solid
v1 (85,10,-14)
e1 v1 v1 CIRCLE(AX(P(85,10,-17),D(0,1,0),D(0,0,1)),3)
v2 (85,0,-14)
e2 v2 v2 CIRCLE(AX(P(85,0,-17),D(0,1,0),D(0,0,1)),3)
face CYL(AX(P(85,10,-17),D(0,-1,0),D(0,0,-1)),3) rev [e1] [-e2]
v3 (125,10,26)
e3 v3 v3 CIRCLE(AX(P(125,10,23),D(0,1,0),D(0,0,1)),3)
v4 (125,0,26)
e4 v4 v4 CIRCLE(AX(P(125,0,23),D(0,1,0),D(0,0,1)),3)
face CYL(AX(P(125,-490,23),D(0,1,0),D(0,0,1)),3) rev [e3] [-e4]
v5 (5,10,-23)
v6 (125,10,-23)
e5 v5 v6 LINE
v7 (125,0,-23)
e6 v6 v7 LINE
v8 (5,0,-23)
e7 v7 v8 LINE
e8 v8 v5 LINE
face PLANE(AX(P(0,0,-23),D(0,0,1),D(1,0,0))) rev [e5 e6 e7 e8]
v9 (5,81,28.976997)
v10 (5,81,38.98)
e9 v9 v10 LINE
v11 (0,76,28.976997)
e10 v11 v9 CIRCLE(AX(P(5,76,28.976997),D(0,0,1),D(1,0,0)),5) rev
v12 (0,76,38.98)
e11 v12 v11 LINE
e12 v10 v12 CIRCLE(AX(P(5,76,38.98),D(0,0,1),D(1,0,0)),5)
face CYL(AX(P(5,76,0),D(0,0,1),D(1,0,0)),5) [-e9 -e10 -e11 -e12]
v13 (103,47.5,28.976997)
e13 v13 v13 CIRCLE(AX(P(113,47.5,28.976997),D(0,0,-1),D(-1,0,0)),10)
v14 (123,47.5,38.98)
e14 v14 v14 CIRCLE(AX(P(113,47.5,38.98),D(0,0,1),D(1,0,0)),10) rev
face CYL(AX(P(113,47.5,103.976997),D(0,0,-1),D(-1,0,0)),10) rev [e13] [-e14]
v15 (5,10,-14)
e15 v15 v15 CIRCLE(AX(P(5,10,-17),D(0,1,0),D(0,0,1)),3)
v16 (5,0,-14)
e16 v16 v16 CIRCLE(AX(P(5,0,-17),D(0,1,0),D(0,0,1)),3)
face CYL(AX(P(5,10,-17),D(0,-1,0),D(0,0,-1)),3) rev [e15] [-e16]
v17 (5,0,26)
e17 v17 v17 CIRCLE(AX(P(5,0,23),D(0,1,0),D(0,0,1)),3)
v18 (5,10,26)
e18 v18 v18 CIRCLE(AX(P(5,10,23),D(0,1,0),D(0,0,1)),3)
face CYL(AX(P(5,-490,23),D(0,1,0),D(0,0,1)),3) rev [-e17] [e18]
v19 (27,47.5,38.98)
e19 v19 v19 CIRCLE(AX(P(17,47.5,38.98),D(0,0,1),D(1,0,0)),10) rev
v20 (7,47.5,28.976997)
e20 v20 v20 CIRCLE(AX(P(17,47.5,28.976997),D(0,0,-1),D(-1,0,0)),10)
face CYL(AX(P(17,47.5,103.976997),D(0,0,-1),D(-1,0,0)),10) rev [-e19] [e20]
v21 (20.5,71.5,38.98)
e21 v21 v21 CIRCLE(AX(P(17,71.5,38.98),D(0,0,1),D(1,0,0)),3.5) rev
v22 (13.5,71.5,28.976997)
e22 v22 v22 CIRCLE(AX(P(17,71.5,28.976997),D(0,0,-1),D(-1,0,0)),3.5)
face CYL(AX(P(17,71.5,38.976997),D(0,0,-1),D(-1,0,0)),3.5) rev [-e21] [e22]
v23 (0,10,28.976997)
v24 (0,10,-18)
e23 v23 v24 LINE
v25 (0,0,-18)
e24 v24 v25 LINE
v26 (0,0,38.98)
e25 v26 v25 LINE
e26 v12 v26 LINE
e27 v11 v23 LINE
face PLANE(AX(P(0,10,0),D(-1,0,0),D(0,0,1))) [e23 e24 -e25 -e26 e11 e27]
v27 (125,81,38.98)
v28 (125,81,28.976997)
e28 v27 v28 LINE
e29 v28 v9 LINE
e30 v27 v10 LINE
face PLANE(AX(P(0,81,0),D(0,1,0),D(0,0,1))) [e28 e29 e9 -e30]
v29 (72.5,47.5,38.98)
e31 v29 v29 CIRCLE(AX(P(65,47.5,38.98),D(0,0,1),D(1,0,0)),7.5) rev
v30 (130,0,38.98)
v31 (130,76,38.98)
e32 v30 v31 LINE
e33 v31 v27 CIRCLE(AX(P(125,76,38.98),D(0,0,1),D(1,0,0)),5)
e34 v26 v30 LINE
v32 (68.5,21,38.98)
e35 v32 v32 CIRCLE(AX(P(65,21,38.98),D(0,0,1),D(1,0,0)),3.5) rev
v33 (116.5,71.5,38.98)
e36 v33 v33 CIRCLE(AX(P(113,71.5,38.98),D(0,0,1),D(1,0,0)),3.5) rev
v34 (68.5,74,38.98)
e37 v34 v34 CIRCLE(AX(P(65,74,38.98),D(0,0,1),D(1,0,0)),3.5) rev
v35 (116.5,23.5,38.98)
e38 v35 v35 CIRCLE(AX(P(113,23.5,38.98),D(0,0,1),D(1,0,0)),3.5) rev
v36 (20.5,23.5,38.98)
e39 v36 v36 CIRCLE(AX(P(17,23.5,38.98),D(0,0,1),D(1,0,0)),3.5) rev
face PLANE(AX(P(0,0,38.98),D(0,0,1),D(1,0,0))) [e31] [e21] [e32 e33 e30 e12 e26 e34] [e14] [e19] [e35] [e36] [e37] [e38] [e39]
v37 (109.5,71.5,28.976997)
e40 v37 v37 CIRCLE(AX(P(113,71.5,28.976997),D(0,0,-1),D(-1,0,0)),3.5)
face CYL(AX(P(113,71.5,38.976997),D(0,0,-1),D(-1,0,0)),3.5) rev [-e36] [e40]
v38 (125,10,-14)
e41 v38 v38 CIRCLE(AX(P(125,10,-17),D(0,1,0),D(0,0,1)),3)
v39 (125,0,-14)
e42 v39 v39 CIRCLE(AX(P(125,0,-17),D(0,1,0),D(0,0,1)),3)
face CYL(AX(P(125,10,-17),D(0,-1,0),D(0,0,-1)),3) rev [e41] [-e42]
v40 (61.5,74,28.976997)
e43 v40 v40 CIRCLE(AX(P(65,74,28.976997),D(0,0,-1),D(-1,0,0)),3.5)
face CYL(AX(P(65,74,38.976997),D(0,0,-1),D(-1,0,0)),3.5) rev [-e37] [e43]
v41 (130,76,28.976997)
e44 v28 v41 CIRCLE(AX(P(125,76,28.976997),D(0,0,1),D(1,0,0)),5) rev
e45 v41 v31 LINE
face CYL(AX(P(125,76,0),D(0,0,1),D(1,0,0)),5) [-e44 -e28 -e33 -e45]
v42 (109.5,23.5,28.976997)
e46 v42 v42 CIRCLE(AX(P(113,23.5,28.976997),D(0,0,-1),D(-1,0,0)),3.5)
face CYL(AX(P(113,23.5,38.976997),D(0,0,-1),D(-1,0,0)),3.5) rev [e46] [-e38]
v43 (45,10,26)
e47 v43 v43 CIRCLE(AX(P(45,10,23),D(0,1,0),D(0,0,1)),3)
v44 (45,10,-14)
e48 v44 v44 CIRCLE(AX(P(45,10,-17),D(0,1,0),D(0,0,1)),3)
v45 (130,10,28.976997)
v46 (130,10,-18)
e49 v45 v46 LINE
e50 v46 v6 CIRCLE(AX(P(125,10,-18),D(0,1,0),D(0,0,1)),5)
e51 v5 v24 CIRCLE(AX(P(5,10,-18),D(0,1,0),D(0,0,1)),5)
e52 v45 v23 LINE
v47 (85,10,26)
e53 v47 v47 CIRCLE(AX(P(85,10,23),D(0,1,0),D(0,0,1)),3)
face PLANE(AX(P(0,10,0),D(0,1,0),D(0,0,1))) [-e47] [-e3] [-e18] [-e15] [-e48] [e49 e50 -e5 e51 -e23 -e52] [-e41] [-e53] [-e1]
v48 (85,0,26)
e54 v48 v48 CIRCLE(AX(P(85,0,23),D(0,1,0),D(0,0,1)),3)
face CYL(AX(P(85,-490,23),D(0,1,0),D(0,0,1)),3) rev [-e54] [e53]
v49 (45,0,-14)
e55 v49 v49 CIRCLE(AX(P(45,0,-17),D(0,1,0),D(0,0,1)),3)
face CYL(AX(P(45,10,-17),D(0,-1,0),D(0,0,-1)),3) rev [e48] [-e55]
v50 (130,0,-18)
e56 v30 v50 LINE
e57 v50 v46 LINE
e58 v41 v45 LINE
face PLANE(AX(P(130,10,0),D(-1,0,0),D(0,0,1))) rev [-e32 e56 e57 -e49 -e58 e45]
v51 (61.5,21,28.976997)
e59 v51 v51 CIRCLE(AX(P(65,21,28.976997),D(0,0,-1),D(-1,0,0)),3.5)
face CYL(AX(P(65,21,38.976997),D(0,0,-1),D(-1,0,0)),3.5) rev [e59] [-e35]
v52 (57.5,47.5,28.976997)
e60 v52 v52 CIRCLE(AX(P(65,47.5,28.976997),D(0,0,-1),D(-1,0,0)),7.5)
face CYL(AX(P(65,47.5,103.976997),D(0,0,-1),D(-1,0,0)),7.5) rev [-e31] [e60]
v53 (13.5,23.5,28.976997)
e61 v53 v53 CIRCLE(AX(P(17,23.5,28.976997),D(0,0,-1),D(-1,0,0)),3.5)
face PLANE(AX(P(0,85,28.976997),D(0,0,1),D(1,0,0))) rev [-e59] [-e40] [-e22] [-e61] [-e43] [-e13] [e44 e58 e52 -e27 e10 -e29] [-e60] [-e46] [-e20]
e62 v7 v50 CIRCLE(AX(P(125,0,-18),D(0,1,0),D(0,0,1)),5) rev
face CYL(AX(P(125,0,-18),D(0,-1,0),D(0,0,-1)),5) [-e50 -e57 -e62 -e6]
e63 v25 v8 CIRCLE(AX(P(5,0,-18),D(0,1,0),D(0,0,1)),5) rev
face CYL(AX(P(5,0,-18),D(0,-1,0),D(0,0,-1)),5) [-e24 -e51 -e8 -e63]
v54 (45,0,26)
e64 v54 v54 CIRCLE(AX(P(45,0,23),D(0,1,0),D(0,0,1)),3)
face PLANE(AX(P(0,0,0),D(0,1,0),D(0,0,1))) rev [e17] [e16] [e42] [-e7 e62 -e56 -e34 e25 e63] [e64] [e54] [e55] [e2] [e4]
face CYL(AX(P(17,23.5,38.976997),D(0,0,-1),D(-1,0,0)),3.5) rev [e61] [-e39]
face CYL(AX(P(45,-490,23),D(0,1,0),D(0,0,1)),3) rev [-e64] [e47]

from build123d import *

# Parameters (mm, degrees)
SKETCH1_R           = 3
SKETCH1_W           = 130
SKETCH1_H           = 10
BOSS_EXTRUDE1_DEPTH = 10
SKETCH2_W           = 130
SKETCH2_H           = 8.023003322
BOSS_EXTRUDE2_DEPTH = 75
SKETCH3_R           = 7.5
SKETCH3_R_2         = 3.5
SKETCH3_R_3         = 10
CUT_EXTRUDE1_DEPTH  = 75
SKETCH4_R           = 3.5
BOSS_EXTRUDE3_DEPTH = 10
SKETCH5_R           = 3.5
CUT_EXTRUDE2_DEPTH  = 10
SKETCH7_W           = 130
SKETCH7_H           = 8.023003322
CUT_EXTRUDE3_DEPTH  = 4
FILLET2_R           = 5
SKETCH8_W           = 4.676136813
SKETCH8_H           = 81
CUT_EXTRUDE4_DEPTH  = 500
SKETCH9_R           = 3
CUT_EXTRUDE5_DEPTH  = 500
SKETCH11_W          = 130
SKETCH11_H          = 10
CUT_EXTRUDE6_DEPTH  = 40
FILLET3_R           = 5
FILLET4_R           = 5
SKETCH12_R          = 3.5
SKETCH12_R_2        = 10
SKETCH12_R_3        = 7.5
BOSS_EXTRUDE4_DEPTH = 1.98


with BuildPart() as part:
    # Sketch1 → Boss-Extrude1 (new body)
    # profile 1 of 3: a face of its own
    with BuildSketch(Plane(origin=(0, 0, 0), x_dir=(1, 0, 0), z_dir=(0, 1, 0))):
        Polygon((0, 63), (0, 0), (5, 0), (130, 0), (130, 63), align=None)
        with Locations(Location((5, 17, 0), (0, 0, 270))):
            Circle(SKETCH1_R, mode=Mode.SUBTRACT)
        with Locations(Location((45, 17, 0), (0, 0, 270))):
            Circle(SKETCH1_R, mode=Mode.SUBTRACT)
        with Locations(Location((5, 57, 0), (0, 0, 270))):
            Circle(SKETCH1_R, mode=Mode.SUBTRACT)
        with Locations(Location((45, 57, 0), (0, 0, 270))):
            Circle(SKETCH1_R, mode=Mode.SUBTRACT)
        with Locations(Location((85, 17, 0), (0, 0, 270))):
            Circle(SKETCH1_R, mode=Mode.SUBTRACT)
        with Locations(Location((125, 17, 0), (0, 0, 270))):
            Circle(SKETCH1_R, mode=Mode.SUBTRACT)
        with Locations(Location((85, 57, 0), (0, 0, 270))):
            Circle(SKETCH1_R, mode=Mode.SUBTRACT)
        with Locations(Location((125, 57, 0), (0, 0, 270))):
            Circle(SKETCH1_R, mode=Mode.SUBTRACT)
    # profile 2 of 3: a face of its own
    with BuildSketch(Plane(origin=(0, 0, 0), x_dir=(1, 0, 0), z_dir=(0, 1, 0))):
        Polygon((5, 0), (0, 0), (0, -27), (130, -27), (130, 0), align=None)
    # profile 3 of 3: a face of its own
    with BuildSketch(Plane(origin=(0, 0, 0), x_dir=(1, 0, 0), z_dir=(0, 1, 0))):
        with Locations((65, -32)):
            Rectangle(SKETCH1_W, SKETCH1_H)
    extrude(amount=BOSS_EXTRUDE1_DEPTH)

    # Sketch2 → Boss-Extrude2 (add)
    with BuildSketch(Plane(origin=(0, 10, 0), x_dir=(1, 0, 0), z_dir=(0, 1, 0))):
        with Locations((65, -32.988498339)):
            Rectangle(SKETCH2_W, SKETCH2_H)
    extrude(amount=BOSS_EXTRUDE2_DEPTH)

    # Sketch3 → Cut-Extrude1 (cut)
    with BuildSketch(Plane(origin=(0, 0, 28.976996678), x_dir=(-1, 0, 0), z_dir=(0, 0, -1))):
        with Locations((-65, 47.5)):
            Circle(SKETCH3_R)
        with Locations((-65, 74)):
            Circle(SKETCH3_R_2)
        with Locations((-17, 71.4)):
            Circle(SKETCH3_R_2)
        with Locations((-17, 23.6)):
            Circle(SKETCH3_R_2)
        with Locations((-17, 47.5)):
            Circle(SKETCH3_R_3)
        with Locations((-65, 21)):
            Circle(SKETCH3_R_2)
        with Locations((-113, 23.6)):
            Circle(SKETCH3_R_2)
        with Locations((-113, 71.4)):
            Circle(SKETCH3_R_2)
        with Locations((-113, 47.5)):
            Circle(SKETCH3_R_3)
    extrude(amount=-CUT_EXTRUDE1_DEPTH, mode=Mode.SUBTRACT)

    # Sketch4 → Boss-Extrude3 (add)
    with BuildSketch(Plane(origin=(0, 0, 28.976996678), x_dir=(-1, 0, 0), z_dir=(0, 0, -1))):
        with Locations((-17, 71.4)):
            Circle(SKETCH4_R)
        with Locations((-17, 23.6)):
            Circle(SKETCH4_R)
        with Locations((-113, 71.4)):
            Circle(SKETCH4_R)
        with Locations((-113, 23.6)):
            Circle(SKETCH4_R)
        with Locations((-65, 74)):
            Circle(SKETCH4_R)
        with Locations((-65, 21)):
            Circle(SKETCH4_R)
    extrude(amount=-BOSS_EXTRUDE3_DEPTH)

    # Sketch5 → Cut-Extrude2 (cut)
    with BuildSketch(Plane(origin=(0, 0, 28.976996678), x_dir=(-1, 0, 0), z_dir=(0, 0, -1))):
        with Locations((-113, 71.5)):
            Circle(SKETCH5_R)
        with Locations((-113, 23.5)):
            Circle(SKETCH5_R)
        with Locations((-17, 71.5)):
            Circle(SKETCH5_R)
        with Locations((-17, 23.5)):
            Circle(SKETCH5_R)
        with Locations((-65, 74)):
            Circle(SKETCH5_R)
        with Locations((-65, 21)):
            Circle(SKETCH5_R)
    extrude(amount=-CUT_EXTRUDE2_DEPTH, mode=Mode.SUBTRACT)

    # Sketch7 → Cut-Extrude3 (cut)
    with BuildSketch(Plane(origin=(0, 85, 0), x_dir=(1, 0, 0), z_dir=(0, 1, 0))):
        with Locations((65, -32.988498339)):
            Rectangle(SKETCH7_W, SKETCH7_H)
    extrude(amount=-CUT_EXTRUDE3_DEPTH, mode=Mode.SUBTRACT)

    # Fillet2
    fillet2_edges = [part.edges().sort_by_distance(p)[0] for p in [
        (130, 5, -63),
        (0, 5, -63),
        (0, 81, 32.988498339),
        (130, 81, 32.988498339),
    ]]
    fillet(fillet2_edges, radius=FILLET2_R)

    # Sketch8 → Cut-Extrude4 (cut)
    with BuildSketch(Plane.ZY):
        with Locations((39.338068406, 40.5)):
            Rectangle(SKETCH8_W, SKETCH8_H)
    extrude(amount=-CUT_EXTRUDE4_DEPTH, mode=Mode.SUBTRACT)

    # Sketch9 → Cut-Extrude5 (cut)
    with BuildSketch(Plane(origin=(0, 10, 0), x_dir=(1, 0, 0), z_dir=(0, 1, 0))):
        with Locations(Location((5, -23, 0), (0, 0, 270))):
            Circle(SKETCH9_R)
        with Locations(Location((45, -23, 0), (0, 0, 270))):
            Circle(SKETCH9_R)
        with Locations(Location((85, -23, 0), (0, 0, 270))):
            Circle(SKETCH9_R)
        with Locations(Location((125, -23, 0), (0, 0, 270))):
            Circle(SKETCH9_R)
    extrude(amount=-CUT_EXTRUDE5_DEPTH, mode=Mode.SUBTRACT)

    # Sketch11 → Cut-Extrude6 (cut)
    with BuildSketch(Plane(origin=(0, 0, -63), x_dir=(-1, 0, 0), z_dir=(0, 0, -1))):
        with Locations((-65, 5)):
            Rectangle(SKETCH11_W, SKETCH11_H)
    extrude(amount=-CUT_EXTRUDE6_DEPTH, mode=Mode.SUBTRACT)

    # Fillet3
    fillet3_edges = [part.edges().sort_by_distance(p)[0] for p in [
        (0, 5, -23),
    ]]
    fillet(fillet3_edges, radius=FILLET3_R)

    # Fillet4
    fillet4_edges = [part.edges().sort_by_distance(p)[0] for p in [
        (130, 5, -23),
    ]]
    fillet(fillet4_edges, radius=FILLET4_R)

    # Sketch12 → Boss-Extrude4 (add)
    # profile 1 of 3: a face of its own
    with BuildSketch(Plane.XY.offset(37)):
        with BuildLine():
            Line((125, 81), (5, 81))
            ThreePointArc((5, 81), (8.535533906, 79.535533906), (10, 76))
            ThreePointArc((10, 76), (5, 71), (0, 76))
            Line((0, 76), (0, 0))
            Line((0, 0), (130, 0))
            Line((130, 0), (130, 76))
            ThreePointArc((130, 76), (121.464466094, 72.464466094), (125, 81))
        make_face()
        with Locations(Location((17, 23.5, 0), (0, 0, 180))):
            Circle(SKETCH12_R, mode=Mode.SUBTRACT)
        with Locations(Location((65, 21, 0), (0, 0, 180))):
            Circle(SKETCH12_R, mode=Mode.SUBTRACT)
        with Locations(Location((113, 23.5, 0), (0, 0, 180))):
            Circle(SKETCH12_R, mode=Mode.SUBTRACT)
        with Locations(Location((17, 47.5, 0), (0, 0, 180))):
            Circle(SKETCH12_R_2, mode=Mode.SUBTRACT)
        with Locations(Location((17, 71.5, 0), (0, 0, 180))):
            Circle(SKETCH12_R, mode=Mode.SUBTRACT)
        with Locations(Location((65, 47.5, 0), (0, 0, 180))):
            Circle(SKETCH12_R_3, mode=Mode.SUBTRACT)
        with Locations(Location((113, 47.5, 0), (0, 0, 180))):
            Circle(SKETCH12_R_2, mode=Mode.SUBTRACT)
        with Locations(Location((65, 74, 0), (0, 0, 180))):
            Circle(SKETCH12_R, mode=Mode.SUBTRACT)
        with Locations(Location((113, 71.5, 0), (0, 0, 180))):
            Circle(SKETCH12_R, mode=Mode.SUBTRACT)
    # profile 2 of 3: a face of its own
    with BuildSketch(Plane.XY.offset(37)):
        with BuildLine():
            ThreePointArc((10, 76), (8.535533906, 79.535533906), (5, 81))
            ThreePointArc((5, 81), (1.464466094, 79.535533906), (0, 76))
            ThreePointArc((0, 76), (5, 71), (10, 76))
        make_face()
    # profile 3 of 3: a face of its own
    with BuildSketch(Plane.XY.offset(37)):
        with BuildLine():
            ThreePointArc((130, 76), (128.535533906, 79.535533906), (125, 81))
            ThreePointArc((125, 81), (121.464466094, 72.464466094), (130, 76))
        make_face()
    extrude(amount=BOSS_EXTRUDE4_DEPTH)


solid = part.part
